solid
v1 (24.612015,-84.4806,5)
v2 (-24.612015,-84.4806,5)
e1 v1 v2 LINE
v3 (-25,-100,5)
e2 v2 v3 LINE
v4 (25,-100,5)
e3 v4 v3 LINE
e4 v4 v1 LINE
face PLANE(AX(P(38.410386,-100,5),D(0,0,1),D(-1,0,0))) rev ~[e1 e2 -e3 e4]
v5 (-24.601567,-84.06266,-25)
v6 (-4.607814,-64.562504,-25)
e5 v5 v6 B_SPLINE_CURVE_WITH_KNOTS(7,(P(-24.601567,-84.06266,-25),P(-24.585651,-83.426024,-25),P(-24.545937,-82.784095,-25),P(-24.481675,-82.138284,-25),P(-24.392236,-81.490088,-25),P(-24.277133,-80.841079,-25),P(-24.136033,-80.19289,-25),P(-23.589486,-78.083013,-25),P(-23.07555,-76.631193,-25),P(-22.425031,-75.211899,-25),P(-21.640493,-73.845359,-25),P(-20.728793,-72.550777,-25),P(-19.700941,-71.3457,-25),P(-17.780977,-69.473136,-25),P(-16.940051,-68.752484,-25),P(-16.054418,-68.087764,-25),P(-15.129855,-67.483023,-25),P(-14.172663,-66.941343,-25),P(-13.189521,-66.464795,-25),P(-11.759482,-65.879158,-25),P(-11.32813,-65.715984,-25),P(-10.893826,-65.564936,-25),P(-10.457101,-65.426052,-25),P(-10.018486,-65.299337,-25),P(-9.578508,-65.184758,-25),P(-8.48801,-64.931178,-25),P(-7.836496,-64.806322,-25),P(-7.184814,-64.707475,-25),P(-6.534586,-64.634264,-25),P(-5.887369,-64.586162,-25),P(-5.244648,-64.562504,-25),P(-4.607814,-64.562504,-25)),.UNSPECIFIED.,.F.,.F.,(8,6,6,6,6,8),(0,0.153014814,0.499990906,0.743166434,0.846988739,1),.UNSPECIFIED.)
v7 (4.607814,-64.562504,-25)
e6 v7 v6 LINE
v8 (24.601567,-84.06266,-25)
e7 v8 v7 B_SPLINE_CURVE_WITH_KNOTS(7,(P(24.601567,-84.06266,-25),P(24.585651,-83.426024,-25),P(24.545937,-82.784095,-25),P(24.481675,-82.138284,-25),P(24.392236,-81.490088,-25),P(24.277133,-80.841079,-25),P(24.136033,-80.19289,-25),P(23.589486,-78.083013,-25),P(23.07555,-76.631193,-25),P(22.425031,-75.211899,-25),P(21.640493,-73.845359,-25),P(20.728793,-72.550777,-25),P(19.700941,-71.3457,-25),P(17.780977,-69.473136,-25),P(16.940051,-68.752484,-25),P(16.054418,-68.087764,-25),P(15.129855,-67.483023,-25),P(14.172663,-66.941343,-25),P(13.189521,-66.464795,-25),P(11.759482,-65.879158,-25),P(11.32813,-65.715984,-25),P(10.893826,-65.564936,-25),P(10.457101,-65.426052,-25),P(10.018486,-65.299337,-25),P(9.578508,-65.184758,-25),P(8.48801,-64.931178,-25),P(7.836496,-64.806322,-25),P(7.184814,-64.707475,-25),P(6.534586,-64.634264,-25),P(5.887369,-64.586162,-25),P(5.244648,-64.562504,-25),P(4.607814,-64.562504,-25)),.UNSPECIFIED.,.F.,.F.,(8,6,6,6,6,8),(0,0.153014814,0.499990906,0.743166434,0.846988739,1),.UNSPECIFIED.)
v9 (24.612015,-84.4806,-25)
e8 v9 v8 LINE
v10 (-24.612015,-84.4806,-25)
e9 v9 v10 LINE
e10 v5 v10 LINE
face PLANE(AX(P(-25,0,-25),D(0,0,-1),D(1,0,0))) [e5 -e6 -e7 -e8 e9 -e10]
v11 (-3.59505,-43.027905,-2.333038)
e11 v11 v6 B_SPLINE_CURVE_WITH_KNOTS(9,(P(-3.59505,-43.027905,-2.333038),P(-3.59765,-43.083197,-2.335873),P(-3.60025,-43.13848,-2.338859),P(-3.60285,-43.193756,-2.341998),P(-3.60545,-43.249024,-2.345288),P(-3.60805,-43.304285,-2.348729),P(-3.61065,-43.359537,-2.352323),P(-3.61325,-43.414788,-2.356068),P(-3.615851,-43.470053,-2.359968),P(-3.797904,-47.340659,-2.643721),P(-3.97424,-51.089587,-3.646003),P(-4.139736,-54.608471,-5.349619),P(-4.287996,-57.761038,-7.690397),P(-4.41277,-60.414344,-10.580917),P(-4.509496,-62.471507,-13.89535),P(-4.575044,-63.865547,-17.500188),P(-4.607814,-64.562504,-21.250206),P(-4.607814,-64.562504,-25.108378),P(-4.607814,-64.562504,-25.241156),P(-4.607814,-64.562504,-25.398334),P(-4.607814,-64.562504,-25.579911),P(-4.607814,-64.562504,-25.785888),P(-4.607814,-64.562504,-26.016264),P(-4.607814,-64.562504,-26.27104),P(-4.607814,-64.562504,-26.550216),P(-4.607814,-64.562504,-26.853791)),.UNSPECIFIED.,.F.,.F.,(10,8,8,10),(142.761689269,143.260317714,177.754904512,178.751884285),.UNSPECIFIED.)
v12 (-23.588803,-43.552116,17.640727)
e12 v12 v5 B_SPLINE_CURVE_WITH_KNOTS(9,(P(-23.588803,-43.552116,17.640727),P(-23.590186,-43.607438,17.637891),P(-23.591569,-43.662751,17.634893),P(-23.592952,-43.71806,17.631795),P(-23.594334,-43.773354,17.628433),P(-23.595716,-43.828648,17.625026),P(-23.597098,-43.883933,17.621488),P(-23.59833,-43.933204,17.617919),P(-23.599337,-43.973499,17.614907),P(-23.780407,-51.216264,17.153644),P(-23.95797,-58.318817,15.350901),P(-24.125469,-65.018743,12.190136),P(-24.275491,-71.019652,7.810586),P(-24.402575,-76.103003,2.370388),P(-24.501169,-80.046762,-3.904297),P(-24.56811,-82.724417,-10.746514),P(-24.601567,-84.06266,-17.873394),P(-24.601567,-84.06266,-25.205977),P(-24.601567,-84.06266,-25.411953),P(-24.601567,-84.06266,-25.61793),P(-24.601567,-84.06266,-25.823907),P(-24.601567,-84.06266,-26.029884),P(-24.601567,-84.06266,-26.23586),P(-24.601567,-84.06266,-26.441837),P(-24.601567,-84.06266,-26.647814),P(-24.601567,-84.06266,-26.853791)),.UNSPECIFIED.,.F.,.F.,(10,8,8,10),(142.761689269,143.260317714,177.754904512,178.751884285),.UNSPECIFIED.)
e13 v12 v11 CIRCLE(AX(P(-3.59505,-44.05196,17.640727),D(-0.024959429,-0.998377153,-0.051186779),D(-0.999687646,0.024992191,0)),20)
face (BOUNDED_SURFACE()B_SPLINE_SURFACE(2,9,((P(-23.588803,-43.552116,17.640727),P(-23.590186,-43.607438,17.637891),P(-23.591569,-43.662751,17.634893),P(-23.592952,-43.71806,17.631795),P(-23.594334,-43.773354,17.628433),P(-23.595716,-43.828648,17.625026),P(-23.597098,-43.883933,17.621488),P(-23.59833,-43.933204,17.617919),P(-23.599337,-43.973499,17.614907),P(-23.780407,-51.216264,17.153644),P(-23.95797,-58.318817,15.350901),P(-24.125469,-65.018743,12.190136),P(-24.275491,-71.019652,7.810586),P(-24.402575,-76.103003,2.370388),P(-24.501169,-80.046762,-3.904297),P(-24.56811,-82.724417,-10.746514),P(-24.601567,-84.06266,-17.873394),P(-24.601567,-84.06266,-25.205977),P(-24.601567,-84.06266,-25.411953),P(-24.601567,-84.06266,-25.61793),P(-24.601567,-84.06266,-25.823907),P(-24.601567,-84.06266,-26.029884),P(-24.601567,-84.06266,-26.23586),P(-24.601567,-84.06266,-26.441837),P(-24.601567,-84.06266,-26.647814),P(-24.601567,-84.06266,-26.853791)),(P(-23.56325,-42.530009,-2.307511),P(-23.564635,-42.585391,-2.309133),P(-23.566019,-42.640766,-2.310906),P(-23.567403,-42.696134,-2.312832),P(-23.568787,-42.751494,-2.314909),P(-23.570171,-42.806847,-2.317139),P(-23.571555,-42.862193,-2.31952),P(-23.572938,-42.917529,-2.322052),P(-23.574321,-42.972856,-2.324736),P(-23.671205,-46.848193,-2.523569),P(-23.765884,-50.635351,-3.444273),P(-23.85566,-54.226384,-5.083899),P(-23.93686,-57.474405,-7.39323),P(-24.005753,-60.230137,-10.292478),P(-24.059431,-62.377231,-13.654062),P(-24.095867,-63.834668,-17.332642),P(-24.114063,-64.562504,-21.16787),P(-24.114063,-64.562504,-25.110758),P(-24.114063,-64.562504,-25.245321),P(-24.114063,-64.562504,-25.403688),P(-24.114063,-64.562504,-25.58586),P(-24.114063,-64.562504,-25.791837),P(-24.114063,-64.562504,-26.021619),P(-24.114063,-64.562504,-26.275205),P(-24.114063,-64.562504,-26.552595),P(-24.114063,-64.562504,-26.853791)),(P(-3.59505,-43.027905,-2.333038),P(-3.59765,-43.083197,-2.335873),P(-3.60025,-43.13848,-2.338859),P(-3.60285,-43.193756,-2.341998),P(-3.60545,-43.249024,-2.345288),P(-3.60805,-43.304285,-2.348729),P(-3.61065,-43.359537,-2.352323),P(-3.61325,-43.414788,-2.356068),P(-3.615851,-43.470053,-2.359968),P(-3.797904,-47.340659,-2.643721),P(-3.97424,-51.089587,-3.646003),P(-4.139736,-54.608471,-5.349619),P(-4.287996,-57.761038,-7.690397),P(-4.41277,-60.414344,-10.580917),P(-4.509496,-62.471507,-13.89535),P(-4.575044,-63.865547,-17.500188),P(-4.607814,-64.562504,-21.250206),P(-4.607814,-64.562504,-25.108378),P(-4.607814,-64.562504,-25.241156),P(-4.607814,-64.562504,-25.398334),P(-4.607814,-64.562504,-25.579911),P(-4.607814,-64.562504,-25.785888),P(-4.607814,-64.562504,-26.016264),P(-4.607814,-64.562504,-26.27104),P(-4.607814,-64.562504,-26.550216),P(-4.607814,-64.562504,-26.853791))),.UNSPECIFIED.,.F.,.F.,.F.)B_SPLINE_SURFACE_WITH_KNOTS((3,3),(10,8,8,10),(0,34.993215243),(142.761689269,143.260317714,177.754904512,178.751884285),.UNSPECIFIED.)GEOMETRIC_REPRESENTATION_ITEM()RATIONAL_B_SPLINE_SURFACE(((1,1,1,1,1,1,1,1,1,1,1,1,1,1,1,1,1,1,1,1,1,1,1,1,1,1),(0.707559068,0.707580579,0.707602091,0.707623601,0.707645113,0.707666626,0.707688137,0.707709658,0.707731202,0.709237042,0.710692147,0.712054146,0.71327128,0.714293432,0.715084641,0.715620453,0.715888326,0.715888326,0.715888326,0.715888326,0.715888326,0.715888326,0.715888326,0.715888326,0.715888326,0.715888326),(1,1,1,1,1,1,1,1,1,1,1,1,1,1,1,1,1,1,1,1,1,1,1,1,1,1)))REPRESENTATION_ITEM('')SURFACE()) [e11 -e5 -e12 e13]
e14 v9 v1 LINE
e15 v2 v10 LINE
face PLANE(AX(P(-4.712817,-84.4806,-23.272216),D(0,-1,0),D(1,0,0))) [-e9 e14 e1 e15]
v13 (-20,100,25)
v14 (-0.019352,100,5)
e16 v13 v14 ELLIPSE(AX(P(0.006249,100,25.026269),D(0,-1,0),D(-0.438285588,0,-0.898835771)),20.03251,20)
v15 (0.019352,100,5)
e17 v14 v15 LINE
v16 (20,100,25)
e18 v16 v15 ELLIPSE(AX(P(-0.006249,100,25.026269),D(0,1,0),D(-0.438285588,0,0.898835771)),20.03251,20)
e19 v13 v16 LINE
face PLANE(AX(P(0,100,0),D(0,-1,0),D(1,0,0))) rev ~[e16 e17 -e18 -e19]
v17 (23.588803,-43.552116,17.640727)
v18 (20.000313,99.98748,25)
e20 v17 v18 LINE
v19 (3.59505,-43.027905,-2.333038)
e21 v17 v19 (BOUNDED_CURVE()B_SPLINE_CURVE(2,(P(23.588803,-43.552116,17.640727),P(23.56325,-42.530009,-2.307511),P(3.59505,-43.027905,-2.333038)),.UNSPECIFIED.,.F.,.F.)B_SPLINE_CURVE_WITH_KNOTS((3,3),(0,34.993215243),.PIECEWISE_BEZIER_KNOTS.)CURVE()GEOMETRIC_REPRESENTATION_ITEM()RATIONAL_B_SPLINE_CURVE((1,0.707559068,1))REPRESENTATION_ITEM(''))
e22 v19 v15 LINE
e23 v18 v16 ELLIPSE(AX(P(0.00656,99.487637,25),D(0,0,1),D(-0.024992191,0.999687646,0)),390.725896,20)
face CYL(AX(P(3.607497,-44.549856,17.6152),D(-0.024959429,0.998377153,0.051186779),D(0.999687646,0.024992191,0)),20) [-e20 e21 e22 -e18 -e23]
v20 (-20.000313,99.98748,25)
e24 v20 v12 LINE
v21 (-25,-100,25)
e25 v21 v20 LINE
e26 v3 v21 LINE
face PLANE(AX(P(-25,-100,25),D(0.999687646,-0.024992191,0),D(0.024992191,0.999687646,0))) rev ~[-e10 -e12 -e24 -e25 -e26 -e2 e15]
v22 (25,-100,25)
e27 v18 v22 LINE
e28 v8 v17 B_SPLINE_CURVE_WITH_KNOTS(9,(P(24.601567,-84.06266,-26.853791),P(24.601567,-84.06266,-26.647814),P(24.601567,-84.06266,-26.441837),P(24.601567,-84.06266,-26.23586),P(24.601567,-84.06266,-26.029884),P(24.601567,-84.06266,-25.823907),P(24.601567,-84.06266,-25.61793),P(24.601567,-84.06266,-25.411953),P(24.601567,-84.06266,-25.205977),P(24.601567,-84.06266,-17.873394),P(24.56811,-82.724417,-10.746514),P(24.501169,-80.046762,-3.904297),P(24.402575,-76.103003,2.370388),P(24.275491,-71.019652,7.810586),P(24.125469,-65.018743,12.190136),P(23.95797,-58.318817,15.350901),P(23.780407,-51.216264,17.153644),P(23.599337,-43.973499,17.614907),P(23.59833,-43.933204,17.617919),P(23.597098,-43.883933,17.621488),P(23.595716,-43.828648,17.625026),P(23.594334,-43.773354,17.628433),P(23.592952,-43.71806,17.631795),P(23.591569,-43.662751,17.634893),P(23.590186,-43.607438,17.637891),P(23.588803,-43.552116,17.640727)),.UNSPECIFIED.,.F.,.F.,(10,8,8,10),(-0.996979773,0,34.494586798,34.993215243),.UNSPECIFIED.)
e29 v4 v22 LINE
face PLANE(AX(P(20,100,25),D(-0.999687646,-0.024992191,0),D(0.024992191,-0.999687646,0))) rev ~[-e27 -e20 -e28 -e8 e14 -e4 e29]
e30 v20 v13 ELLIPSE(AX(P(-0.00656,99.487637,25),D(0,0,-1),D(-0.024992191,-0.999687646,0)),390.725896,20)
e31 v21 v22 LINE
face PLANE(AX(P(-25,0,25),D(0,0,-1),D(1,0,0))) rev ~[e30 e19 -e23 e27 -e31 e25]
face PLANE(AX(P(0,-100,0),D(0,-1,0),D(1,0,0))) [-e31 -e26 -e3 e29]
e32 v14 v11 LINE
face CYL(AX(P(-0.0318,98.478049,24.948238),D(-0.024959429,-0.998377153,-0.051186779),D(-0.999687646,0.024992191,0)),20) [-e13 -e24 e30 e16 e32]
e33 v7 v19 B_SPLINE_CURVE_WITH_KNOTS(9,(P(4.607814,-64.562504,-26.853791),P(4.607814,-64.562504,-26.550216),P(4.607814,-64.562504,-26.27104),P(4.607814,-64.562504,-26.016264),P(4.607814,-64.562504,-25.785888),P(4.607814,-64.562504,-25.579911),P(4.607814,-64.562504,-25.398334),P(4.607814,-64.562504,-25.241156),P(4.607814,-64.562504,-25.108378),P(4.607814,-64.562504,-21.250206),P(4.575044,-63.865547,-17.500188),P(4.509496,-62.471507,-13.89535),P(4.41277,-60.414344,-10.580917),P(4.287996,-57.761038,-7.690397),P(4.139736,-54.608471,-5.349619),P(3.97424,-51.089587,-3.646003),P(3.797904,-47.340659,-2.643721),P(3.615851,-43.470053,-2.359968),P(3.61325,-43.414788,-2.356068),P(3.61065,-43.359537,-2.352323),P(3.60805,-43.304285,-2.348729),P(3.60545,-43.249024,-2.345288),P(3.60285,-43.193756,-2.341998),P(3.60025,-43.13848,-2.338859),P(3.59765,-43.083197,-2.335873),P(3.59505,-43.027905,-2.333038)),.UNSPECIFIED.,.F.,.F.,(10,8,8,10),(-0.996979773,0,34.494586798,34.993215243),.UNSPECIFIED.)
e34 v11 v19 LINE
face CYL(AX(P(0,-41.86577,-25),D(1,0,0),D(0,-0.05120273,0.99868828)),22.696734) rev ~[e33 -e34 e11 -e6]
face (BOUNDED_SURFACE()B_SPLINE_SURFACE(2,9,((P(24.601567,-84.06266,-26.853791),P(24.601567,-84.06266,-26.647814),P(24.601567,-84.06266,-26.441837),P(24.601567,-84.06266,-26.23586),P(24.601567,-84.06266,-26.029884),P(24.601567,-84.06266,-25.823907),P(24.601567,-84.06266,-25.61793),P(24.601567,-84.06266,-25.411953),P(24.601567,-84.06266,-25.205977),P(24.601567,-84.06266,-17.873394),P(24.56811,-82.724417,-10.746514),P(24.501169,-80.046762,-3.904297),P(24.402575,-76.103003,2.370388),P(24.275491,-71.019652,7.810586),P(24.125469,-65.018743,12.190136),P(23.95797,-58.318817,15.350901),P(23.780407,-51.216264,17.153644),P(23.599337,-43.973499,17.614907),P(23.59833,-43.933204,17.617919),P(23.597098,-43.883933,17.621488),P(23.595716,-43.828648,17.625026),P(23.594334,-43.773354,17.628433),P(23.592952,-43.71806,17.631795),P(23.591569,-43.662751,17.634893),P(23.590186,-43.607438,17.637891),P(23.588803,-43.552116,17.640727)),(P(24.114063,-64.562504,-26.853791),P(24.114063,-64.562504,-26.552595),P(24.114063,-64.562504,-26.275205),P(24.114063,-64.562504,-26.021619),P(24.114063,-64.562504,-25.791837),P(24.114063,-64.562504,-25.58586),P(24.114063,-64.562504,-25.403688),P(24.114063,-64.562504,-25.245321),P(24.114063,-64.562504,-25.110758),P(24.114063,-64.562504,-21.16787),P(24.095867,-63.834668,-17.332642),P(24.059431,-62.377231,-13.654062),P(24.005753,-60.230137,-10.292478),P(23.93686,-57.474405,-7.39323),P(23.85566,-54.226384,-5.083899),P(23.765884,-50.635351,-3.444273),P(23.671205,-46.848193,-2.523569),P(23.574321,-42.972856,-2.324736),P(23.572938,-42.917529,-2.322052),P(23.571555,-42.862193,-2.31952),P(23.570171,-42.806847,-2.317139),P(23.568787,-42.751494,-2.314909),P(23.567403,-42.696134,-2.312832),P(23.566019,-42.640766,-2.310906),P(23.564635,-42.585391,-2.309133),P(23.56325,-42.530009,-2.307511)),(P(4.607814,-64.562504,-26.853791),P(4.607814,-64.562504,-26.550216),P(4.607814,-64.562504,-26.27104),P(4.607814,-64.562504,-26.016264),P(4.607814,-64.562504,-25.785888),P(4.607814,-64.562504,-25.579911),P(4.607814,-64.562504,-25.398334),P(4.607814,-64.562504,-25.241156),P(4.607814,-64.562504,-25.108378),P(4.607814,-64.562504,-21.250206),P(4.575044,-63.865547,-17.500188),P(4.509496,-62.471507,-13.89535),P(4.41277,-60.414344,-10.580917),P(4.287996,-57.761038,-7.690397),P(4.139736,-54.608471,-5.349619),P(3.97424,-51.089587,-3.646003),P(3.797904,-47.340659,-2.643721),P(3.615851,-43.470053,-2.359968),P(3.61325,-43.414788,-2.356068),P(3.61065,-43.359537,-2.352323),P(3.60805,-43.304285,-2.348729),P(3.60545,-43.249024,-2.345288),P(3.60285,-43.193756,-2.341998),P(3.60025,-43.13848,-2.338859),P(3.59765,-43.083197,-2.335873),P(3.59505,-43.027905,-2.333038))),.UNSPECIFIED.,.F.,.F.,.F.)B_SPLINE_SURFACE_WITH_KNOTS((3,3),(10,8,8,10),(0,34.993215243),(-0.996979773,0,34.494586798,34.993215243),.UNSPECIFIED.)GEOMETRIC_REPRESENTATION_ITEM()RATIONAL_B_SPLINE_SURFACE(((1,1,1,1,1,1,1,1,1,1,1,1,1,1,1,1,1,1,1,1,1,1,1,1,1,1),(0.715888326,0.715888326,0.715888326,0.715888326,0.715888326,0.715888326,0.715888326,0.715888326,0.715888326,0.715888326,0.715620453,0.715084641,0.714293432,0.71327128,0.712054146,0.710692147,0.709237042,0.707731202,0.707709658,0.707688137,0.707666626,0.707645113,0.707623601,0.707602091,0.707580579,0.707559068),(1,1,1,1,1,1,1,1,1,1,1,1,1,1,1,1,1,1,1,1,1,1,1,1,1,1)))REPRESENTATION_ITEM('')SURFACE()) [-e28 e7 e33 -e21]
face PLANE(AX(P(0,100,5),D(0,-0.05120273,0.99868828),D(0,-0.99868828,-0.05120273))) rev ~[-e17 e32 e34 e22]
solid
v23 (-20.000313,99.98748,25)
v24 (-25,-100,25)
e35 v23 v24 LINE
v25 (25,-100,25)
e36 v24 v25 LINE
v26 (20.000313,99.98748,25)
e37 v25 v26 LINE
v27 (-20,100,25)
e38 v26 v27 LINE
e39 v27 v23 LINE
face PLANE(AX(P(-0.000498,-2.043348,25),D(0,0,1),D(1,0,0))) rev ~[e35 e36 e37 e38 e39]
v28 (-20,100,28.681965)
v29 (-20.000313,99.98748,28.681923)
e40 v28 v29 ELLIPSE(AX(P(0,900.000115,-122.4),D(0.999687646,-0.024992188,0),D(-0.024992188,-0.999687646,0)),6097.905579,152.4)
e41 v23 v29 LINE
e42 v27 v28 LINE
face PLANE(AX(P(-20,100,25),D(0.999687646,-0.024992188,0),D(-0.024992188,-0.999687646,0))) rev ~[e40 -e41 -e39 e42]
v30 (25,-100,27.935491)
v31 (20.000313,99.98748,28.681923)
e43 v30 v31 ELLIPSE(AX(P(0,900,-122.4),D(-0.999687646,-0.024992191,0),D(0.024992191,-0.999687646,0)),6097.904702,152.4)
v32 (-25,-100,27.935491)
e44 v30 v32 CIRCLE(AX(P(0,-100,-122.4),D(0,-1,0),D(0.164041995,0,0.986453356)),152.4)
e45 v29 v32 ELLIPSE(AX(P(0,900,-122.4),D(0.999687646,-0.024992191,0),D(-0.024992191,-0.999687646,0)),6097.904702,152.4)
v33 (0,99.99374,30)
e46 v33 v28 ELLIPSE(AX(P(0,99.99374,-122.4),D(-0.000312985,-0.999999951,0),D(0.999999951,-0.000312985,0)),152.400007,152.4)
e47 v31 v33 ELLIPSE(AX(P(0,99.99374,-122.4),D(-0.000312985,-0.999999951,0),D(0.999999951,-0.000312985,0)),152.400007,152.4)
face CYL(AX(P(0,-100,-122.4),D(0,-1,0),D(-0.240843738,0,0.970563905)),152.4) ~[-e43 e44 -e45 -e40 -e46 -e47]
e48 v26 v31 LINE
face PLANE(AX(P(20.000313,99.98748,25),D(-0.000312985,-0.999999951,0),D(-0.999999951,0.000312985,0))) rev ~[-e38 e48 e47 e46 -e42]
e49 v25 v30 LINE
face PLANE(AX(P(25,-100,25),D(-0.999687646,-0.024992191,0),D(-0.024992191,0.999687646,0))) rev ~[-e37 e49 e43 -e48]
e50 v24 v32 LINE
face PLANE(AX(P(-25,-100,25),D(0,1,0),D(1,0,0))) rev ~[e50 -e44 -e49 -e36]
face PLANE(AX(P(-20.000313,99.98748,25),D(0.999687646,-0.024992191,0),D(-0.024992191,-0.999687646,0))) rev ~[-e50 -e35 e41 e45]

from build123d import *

# Parameters (mm, degrees)
F0_W      = 50
F0_H      = 50
F1_DEPTH  = 100
F3_DEPTH  = 50
F5_DEPTH  = 100
F6_R      = 20
F7_W      = 50
F7_H      = 30
F8_DEPTH  = 15.5194
F10_DEPTH = 5
F12_DEPTH = 247.65


with BuildPart() as f1:
    # F0 (on Front) → F1 (new body, symmetric)
    with BuildSketch(Plane.XZ):
        Rectangle(F0_W, F0_H)
    extrude(amount=F1_DEPTH, both=True)

    # F2 (on Right) → F3 (cut, symmetric)
    with BuildSketch(Plane.YZ):
        with BuildLine():
            Line((100, -25), (100, 5))
            Line((100, 5), (-43.0279051889, -2.3330381387))
            ThreePointArc((-43.0279051889, -2.3330381387), (-58.3205323775, -9.3672610402), (-64.5625040829, -25))
            Line((-64.5625040829, -25), (100, -25))
        make_face()
    extrude(amount=F3_DEPTH, both=True, mode=Mode.SUBTRACT)

    # F4 (on face) → F5 (cut)
    with BuildSketch(Plane.XY.offset(25)):
        Polygon((20, 100), (25, -100), (25, 100), align=None)
        Polygon((-25, 100), (-25, -100), (-20, 100), align=None)
    extrude(amount=-F5_DEPTH, mode=Mode.SUBTRACT)

    # F6
    f6_edges = [f1.edges().sort_by_distance(p)[0] for p in [
        (-23.957984, -58.319375, -9.366043),
        (-21.787849, 28.486047, 1.333481),
        (23.957984, -58.319375, -9.366043),
        (21.787849, 28.486047, 1.333481),
    ]]
    fillet(f6_edges, radius=F6_R)

    # F7 (on face) + F5_face (on face) → F8 (cut)
    with BuildSketch(Plane.XZ.offset(100)):
        Polygon((-25, 5), (-49.858982116, 5), (-49.858982116, -46.5103157897), (38.4103864431, -46.5103157897), (38.4103864431, 5), (25, 5), (25, -25), (-25, -25), align=None)
        with Locations((0, -10)):
            Rectangle(F7_W, F7_H)
    with BuildSketch(Plane(origin=(23.9793030666, -59.1721226651, 10.645525808), x_dir=(-0.0249921912, 0.9996876464, 0), z_dir=(0.9996876464, 0.0249921912, 0))):
        with BuildLine():
            Line((159.2093327542, 14.354474192), (-40.8406340537, 14.354474192))
            Line((-40.8406340537, 14.354474192), (-40.8406340537, -35.645525808))
            Line((-40.8406340537, -35.645525808), (-24.8983146726, -35.645525808))
            add(Edge.make_bspline(
                [(-24.8983146726, -35.645525808), (-24.8983146726, -28.5189194369), (-23.5596532338, -21.3920395037), (-20.8811621052, -14.5498230985), (-16.9361703967, -8.2751379661), (-11.8512306272, -2.8349400363), (-5.8484473226, 1.5446106479), (0.8535722788, 4.7053748996), (7.9583449614, 6.5081180205), (15.2033728728, 6.9693809999), (15.2436796153, 6.9723934073), (15.292966243, 6.9759620541), (15.3482692051, 6.9795006457), (15.4035800403, 6.982907422), (15.4588912365, 6.9862696529), (15.5142174043, 6.9893670157), (15.5695480956, 6.9923653034), (15.6248871844, 6.9952016513)],
                knots=[0, 0, 0, 0, 0, 0, 0, 0, 0, 0, 34.494586798, 34.494586798, 34.494586798, 34.494586798, 34.494586798, 34.494586798, 34.494586798, 34.494586798, 34.9932152432, 34.9932152432, 34.9932152432, 34.9932152432, 34.9932152432, 34.9932152432, 34.9932152432, 34.9932152432, 34.9932152432, 34.9932152432], degree=9))
            Line((15.6248871844, 6.9952016513), (159.2093327542, 14.354474192))
        make_face()
    extrude(amount=-F8_DEPTH, dir=(0, -1, 0), mode=Mode.SUBTRACT)


with BuildPart() as f10:
    # F9 (on face) → F10 (new body)
    with BuildSketch(Plane.XY.offset(25)):
        Polygon((-25, -100), (25, -100), (20.0003129879, 99.9874804822), (-20, 100), (-20.0003129879, 99.9874804822), align=None)
    extrude(amount=F10_DEPTH)

    # F11 (on face) → F12 (cut)
    with BuildSketch(Plane.XZ.offset(100)):
        with BuildLine():
            ThreePointArc((-36.7045857163, 25.5139391247), (-3.6151698091, 29.9571151842), (29.6477454186, 27.0883647365))
            Line((29.6477454186, 27.0883647365), (32.5201489031, 41.5777564049))
            Line((32.5201489031, 41.5777564049), (-40.051523596, 41.5777564049))
            Line((-40.051523596, 41.5777564049), (-36.7045857163, 25.5139391247))
        make_face()
    extrude(amount=-F12_DEPTH, mode=Mode.SUBTRACT)


solid = Compound([f1.part, f10.part])
